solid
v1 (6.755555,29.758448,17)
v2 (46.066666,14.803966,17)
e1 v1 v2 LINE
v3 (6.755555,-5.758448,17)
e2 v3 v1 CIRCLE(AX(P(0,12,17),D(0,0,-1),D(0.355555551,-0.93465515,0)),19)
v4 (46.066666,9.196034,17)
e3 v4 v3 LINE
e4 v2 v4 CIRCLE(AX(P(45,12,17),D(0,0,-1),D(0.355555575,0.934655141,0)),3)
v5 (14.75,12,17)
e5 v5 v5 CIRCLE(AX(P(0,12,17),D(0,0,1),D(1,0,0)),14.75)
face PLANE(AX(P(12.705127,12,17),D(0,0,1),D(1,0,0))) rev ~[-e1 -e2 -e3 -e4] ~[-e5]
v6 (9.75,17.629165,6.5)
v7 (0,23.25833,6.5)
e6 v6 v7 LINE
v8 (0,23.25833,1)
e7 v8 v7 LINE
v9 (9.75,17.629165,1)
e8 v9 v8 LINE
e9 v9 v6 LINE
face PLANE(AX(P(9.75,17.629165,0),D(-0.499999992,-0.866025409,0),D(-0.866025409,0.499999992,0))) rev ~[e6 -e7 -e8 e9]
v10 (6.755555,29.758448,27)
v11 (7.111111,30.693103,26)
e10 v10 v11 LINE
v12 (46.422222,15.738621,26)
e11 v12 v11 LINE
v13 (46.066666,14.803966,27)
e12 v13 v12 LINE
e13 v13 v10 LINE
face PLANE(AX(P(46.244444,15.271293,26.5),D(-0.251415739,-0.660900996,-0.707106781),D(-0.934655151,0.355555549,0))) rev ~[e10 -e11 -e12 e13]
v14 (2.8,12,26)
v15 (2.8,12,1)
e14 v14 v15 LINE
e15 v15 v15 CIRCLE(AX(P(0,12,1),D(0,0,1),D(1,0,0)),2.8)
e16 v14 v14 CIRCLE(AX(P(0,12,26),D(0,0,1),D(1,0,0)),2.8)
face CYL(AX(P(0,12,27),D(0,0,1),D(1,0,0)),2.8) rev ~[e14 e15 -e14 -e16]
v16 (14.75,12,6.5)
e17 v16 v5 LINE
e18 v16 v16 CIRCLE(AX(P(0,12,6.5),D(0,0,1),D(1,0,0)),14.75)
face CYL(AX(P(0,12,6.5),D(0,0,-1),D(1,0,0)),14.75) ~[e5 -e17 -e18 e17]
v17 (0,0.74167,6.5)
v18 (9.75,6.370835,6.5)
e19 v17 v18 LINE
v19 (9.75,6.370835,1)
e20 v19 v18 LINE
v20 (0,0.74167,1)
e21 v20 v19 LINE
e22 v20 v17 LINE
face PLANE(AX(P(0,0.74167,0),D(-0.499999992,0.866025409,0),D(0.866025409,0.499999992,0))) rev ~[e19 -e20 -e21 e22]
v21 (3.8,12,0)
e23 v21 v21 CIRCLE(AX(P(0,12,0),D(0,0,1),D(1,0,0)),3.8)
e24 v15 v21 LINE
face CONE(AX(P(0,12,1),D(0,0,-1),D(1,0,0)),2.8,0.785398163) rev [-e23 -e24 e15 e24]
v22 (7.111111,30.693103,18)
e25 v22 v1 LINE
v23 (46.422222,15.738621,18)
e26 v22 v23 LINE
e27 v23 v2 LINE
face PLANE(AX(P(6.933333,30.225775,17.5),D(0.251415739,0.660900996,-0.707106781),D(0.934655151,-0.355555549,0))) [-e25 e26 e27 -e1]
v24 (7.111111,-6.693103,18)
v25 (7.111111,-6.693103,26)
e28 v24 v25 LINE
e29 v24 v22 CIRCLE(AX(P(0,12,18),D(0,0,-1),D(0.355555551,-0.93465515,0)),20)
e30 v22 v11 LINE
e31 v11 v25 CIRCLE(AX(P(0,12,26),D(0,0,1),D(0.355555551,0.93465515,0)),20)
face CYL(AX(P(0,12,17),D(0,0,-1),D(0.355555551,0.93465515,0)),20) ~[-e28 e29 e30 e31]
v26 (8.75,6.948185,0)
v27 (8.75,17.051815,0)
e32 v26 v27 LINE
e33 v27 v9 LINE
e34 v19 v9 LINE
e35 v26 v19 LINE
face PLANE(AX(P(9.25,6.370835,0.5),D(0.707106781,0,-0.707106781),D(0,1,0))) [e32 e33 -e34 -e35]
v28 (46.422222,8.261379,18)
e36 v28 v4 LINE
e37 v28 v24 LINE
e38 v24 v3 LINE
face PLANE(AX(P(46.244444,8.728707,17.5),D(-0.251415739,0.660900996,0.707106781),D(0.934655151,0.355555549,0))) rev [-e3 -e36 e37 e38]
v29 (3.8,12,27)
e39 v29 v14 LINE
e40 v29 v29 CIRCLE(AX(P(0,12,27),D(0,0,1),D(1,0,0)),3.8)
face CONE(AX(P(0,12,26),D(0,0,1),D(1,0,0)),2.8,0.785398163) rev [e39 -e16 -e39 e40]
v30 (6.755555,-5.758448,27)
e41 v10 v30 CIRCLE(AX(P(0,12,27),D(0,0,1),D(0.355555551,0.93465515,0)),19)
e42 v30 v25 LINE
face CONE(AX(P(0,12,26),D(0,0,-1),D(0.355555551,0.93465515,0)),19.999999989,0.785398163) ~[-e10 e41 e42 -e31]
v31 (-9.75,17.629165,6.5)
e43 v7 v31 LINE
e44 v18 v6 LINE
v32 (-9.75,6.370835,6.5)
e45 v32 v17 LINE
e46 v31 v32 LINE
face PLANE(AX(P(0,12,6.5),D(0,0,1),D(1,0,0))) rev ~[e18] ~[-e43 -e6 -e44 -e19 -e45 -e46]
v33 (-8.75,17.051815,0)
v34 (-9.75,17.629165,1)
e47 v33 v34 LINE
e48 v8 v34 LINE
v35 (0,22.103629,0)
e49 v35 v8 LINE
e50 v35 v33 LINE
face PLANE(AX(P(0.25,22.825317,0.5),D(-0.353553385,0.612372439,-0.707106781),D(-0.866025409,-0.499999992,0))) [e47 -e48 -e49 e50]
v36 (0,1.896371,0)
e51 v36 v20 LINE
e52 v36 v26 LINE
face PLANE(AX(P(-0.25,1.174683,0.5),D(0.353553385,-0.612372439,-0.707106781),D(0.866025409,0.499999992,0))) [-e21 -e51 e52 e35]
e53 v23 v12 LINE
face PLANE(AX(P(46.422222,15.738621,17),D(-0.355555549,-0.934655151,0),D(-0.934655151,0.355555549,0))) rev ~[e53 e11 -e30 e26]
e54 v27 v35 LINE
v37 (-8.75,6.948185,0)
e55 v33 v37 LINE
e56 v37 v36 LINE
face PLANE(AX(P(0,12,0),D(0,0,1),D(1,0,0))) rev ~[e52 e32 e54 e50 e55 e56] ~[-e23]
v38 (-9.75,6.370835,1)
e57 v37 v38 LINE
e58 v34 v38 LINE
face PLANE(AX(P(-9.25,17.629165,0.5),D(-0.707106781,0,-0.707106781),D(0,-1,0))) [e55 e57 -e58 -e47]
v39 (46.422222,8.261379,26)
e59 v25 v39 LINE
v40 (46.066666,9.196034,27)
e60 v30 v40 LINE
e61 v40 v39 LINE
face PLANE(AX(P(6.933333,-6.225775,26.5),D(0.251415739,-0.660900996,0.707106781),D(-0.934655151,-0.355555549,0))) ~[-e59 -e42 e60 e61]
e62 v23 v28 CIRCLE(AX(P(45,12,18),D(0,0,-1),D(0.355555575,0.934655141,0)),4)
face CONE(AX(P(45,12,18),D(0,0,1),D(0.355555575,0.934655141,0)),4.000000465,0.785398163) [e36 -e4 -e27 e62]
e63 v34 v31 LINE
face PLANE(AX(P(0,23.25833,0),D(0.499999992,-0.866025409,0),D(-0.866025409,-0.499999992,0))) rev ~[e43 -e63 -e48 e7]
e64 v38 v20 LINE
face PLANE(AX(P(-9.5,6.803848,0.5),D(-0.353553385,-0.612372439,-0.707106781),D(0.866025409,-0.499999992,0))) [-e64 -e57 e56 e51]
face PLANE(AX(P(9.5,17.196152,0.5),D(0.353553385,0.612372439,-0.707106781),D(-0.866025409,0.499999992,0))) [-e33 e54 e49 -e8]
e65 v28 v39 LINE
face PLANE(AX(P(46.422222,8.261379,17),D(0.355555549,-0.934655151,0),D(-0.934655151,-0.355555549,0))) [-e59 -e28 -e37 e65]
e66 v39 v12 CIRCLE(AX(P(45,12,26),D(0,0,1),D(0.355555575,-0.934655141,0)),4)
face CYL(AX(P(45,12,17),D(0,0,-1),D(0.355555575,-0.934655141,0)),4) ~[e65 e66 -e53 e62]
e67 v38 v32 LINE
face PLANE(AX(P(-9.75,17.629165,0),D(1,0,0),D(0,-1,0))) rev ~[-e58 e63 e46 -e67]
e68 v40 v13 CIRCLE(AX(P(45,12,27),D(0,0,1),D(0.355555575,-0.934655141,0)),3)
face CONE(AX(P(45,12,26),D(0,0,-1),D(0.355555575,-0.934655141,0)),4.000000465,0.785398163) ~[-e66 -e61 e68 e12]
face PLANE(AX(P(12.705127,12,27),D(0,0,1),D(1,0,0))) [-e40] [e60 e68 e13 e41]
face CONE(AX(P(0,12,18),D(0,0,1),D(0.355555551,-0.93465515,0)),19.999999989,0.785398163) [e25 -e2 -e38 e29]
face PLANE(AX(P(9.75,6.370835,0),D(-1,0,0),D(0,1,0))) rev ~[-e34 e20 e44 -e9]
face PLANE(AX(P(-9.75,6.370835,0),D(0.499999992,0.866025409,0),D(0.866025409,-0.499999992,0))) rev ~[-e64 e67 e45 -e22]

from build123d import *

# Parameters (mm, degrees)
PAD003_DEPTH    = 6.5
SKETCH007_R     = 14.75
PAD004_DEPTH    = 10.5
PAD005_DEPTH    = 10
SKETCH009_R     = 2.8
POCKET002_DEPTH = 27.001
CHAMFER_SIZE    = 1


with BuildPart() as part:
    # Sketch006 → Pad003 (new body)
    with BuildSketch(Plane.XY):
        Polygon((0, -11.25833), (9.75, -5.629165), (9.75, 5.629165), (0, 11.25833), (-9.75, 5.629165), (-9.75, -5.629165), align=None)
    extrude(amount=PAD003_DEPTH)

    # Sketch007 (on Face8 of Pad003) → Pad004 (join)
    with BuildSketch(Plane.XY.offset(6.5)):
        Circle(SKETCH007_R)
    extrude(amount=PAD004_DEPTH)

    # Sketch008 (on Face3 of Pad004) → Pad005 (join)
    with BuildSketch(Plane.XY.offset(17)):
        with BuildLine():
            ThreePointArc((7.111111, 18.693103), (-20, 0), (7.111111, -18.693103))
            Line((46.422222, -3.738621), (7.111111, -18.693103))
            ThreePointArc((46.422222, -3.738621), (49, 0), (46.422222, 3.738621))
            Line((46.422222, 3.738621), (7.111111, 18.693103))
        make_face()
    extrude(amount=PAD005_DEPTH)

    # Sketch009 (on Face5 of Pad005) → Pocket002 (cut, through all)
    with BuildSketch(Plane.XY.offset(27)):
        Circle(SKETCH009_R)
    extrude(amount=-POCKET002_DEPTH, mode=Mode.SUBTRACT)

    # Chamfer
    chamfer_edges = [part.edges().sort_by_distance(p)[0] for p in [
        (49, 0, 27),
        (26.766667, -11.215862, 27),
        (26.766667, 11.215862, 27),
        (-20, 0, 27),
        (-2.8, 0, 27),
        (26.766667, -11.215862, 17),
        (4.875, -8.443748, 0),
        (-4.875, -8.443748, 0),
        (9.75, 0, 0),
        (-9.75, 0, 0),
        (4.875, 8.443748, 0),
        (-4.875, 8.443748, 0),
        (-2.8, 0, 0),
    ]]
    chamfer(chamfer_edges, length=CHAMFER_SIZE)


with BuildPart() as part_1:
    # Body002 placement: moved
    add(part.part.moved(Location((0, 12, 0))))


solid = part_1.part
